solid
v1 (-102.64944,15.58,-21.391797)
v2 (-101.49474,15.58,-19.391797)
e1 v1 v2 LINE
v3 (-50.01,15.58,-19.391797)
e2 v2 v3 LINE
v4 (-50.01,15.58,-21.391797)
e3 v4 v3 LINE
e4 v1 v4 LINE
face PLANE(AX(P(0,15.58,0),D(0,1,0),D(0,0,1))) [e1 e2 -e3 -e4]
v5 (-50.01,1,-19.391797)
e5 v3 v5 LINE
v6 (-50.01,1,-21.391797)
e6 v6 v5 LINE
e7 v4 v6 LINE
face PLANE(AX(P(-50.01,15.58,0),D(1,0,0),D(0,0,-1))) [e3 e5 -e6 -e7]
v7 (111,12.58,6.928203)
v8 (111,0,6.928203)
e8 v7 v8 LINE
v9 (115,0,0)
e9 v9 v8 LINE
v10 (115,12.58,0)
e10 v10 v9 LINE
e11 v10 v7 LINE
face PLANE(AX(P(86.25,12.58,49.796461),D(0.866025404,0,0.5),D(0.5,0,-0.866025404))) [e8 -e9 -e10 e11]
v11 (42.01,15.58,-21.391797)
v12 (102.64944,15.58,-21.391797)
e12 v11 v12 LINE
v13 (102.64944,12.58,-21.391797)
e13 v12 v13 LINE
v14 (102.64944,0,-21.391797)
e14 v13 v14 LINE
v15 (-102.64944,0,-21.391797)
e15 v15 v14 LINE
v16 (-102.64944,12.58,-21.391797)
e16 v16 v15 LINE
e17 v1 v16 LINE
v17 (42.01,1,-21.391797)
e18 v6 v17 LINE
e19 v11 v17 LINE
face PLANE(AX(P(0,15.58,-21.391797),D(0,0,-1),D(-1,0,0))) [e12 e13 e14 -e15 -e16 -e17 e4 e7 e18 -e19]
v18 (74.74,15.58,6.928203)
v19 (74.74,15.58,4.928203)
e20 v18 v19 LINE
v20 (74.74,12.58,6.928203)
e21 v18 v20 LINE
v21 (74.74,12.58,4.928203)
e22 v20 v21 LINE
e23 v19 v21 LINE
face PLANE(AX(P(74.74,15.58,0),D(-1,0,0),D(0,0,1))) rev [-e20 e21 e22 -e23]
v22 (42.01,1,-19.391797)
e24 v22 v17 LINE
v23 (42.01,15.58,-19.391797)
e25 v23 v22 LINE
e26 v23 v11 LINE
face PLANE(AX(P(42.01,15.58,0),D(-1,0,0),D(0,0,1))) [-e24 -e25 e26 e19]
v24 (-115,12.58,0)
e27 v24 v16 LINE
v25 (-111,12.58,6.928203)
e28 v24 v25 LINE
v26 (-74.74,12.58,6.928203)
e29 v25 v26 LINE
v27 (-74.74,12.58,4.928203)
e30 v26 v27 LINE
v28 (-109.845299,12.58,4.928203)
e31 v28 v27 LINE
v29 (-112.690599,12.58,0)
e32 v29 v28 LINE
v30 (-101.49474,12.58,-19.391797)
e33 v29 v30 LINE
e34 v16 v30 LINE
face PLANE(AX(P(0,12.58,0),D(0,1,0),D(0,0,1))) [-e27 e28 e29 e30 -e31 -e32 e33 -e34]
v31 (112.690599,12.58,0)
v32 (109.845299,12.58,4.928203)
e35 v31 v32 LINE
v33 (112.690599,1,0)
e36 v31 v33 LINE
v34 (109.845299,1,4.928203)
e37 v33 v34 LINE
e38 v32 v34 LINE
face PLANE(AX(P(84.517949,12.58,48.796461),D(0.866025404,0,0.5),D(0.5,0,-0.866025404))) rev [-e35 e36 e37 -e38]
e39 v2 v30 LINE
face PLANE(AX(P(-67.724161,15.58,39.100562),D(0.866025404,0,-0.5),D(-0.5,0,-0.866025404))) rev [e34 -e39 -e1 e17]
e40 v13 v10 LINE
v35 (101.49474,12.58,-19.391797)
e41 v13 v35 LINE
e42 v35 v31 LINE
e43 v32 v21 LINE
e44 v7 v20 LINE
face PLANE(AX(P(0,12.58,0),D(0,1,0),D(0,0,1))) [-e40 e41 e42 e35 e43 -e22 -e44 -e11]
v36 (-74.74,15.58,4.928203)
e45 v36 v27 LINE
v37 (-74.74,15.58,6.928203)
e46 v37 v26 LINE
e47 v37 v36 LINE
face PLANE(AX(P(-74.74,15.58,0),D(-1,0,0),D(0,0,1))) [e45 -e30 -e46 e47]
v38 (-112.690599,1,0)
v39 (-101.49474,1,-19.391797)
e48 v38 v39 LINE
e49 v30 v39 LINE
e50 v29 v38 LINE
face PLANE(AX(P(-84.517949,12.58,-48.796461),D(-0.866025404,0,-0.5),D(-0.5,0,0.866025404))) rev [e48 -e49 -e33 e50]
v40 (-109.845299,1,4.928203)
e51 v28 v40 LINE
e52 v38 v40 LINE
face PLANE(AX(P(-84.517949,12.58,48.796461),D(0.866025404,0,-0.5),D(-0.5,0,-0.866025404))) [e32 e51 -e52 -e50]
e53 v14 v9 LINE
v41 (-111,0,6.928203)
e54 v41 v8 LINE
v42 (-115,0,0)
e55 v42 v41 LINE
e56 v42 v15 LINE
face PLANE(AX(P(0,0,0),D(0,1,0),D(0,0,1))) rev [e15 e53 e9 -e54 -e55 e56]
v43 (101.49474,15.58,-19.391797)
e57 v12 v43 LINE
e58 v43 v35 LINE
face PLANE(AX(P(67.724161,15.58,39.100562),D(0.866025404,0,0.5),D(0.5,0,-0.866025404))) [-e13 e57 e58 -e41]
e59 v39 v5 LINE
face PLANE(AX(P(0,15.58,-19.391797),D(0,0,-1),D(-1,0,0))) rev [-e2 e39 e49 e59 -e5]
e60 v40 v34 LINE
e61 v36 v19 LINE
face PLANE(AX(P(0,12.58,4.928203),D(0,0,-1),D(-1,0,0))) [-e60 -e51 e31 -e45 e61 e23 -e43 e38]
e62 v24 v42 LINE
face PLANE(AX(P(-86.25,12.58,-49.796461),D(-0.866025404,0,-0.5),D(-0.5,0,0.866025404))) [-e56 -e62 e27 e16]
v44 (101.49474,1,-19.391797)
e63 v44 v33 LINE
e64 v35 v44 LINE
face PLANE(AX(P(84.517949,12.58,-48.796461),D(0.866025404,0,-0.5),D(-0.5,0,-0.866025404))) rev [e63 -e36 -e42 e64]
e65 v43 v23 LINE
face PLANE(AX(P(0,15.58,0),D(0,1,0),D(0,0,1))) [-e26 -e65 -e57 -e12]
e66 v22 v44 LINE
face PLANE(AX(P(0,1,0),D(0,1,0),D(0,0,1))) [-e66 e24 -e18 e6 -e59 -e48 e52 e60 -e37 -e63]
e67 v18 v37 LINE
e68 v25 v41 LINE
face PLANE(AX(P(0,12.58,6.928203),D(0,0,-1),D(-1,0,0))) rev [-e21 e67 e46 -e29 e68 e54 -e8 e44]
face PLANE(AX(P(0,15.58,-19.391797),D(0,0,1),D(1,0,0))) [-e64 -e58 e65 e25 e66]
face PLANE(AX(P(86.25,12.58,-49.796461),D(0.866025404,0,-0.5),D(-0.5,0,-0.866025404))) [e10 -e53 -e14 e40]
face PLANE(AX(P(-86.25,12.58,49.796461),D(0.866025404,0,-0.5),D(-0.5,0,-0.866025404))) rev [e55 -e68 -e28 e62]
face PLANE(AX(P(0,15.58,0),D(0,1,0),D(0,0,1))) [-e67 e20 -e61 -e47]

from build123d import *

# Parameters (mm, degrees)
BOSS_EXTRUDE1_DEPTH = 1
BOSS_EXTRUDE2_DEPTH = 12.58
SKETCH1_4_W         = 149.48
SKETCH1_4_H         = 2
BOSS_EXTRUDE3_DEPTH = 15.58
SKETCH1_5_W         = 92.02
SKETCH1_5_H         = 2
BOSS_EXTRUDE4_DEPTH = 1


with BuildPart() as part:
    # Sketch1 → Boss-Extrude1 (new body)
    with BuildSketch(Plane(origin=(0, 0, 0), x_dir=(1, 0, 0), z_dir=(0, 1, 0))):
        Polygon((-50.01, 19.39179677), (-101.494739838, 19.39179677), (-112.690598923, 0), (-109.845299462, -4.92820323), (-74.74, -4.92820323), (74.74, -4.92820323), (109.845299462, -4.92820323), (112.690598923, 0), (101.494739838, 19.39179677), (42.01, 19.39179677), align=None)
    extrude(amount=BOSS_EXTRUDE1_DEPTH)

    # Sketch1<3> → Boss-Extrude2 (add)
    with BuildSketch(Plane(origin=(0, 0, 0), x_dir=(1, 0, 0), z_dir=(0, 1, 0))):
        Polygon((-115, 0), (-111, -6.92820323), (-74.74, -6.92820323), (-74.74, -4.92820323), (-109.845299462, -4.92820323), (-112.690598923, 0), (-101.494739838, 19.39179677), (-102.649440377, 21.39179677), align=None)
        Polygon((115, 0), (111, -6.92820323), (74.74, -6.92820323), (74.74, -4.92820323), (109.845299462, -4.92820323), (112.690598923, 0), (101.494739838, 19.39179677), (102.649440377, 21.39179677), align=None)
    extrude(amount=BOSS_EXTRUDE2_DEPTH)

    # Sketch1<4> → Boss-Extrude3 (add)
    with BuildSketch(Plane(origin=(0, 0, 0), x_dir=(1, 0, 0), z_dir=(0, 1, 0))):
        Polygon((-102.649440377, 21.39179677), (-101.494739838, 19.39179677), (-50.01, 19.39179677), (-50.01, 21.39179677), align=None)
        Polygon((102.649440377, 21.39179677), (101.494739838, 19.39179677), (42.01, 19.39179677), (42.01, 21.39179677), align=None)
        with Locations((0, -5.92820323)):
            Rectangle(SKETCH1_4_W, SKETCH1_4_H)
    extrude(amount=BOSS_EXTRUDE3_DEPTH)

    # Sketch1<5> → Boss-Extrude4 (add)
    with BuildSketch(Plane(origin=(0, 0, 0), x_dir=(1, 0, 0), z_dir=(0, 1, 0))):
        with Locations((-4, 20.39179677)):
            Rectangle(SKETCH1_5_W, SKETCH1_5_H)
    extrude(amount=BOSS_EXTRUDE4_DEPTH)


solid = part.part
